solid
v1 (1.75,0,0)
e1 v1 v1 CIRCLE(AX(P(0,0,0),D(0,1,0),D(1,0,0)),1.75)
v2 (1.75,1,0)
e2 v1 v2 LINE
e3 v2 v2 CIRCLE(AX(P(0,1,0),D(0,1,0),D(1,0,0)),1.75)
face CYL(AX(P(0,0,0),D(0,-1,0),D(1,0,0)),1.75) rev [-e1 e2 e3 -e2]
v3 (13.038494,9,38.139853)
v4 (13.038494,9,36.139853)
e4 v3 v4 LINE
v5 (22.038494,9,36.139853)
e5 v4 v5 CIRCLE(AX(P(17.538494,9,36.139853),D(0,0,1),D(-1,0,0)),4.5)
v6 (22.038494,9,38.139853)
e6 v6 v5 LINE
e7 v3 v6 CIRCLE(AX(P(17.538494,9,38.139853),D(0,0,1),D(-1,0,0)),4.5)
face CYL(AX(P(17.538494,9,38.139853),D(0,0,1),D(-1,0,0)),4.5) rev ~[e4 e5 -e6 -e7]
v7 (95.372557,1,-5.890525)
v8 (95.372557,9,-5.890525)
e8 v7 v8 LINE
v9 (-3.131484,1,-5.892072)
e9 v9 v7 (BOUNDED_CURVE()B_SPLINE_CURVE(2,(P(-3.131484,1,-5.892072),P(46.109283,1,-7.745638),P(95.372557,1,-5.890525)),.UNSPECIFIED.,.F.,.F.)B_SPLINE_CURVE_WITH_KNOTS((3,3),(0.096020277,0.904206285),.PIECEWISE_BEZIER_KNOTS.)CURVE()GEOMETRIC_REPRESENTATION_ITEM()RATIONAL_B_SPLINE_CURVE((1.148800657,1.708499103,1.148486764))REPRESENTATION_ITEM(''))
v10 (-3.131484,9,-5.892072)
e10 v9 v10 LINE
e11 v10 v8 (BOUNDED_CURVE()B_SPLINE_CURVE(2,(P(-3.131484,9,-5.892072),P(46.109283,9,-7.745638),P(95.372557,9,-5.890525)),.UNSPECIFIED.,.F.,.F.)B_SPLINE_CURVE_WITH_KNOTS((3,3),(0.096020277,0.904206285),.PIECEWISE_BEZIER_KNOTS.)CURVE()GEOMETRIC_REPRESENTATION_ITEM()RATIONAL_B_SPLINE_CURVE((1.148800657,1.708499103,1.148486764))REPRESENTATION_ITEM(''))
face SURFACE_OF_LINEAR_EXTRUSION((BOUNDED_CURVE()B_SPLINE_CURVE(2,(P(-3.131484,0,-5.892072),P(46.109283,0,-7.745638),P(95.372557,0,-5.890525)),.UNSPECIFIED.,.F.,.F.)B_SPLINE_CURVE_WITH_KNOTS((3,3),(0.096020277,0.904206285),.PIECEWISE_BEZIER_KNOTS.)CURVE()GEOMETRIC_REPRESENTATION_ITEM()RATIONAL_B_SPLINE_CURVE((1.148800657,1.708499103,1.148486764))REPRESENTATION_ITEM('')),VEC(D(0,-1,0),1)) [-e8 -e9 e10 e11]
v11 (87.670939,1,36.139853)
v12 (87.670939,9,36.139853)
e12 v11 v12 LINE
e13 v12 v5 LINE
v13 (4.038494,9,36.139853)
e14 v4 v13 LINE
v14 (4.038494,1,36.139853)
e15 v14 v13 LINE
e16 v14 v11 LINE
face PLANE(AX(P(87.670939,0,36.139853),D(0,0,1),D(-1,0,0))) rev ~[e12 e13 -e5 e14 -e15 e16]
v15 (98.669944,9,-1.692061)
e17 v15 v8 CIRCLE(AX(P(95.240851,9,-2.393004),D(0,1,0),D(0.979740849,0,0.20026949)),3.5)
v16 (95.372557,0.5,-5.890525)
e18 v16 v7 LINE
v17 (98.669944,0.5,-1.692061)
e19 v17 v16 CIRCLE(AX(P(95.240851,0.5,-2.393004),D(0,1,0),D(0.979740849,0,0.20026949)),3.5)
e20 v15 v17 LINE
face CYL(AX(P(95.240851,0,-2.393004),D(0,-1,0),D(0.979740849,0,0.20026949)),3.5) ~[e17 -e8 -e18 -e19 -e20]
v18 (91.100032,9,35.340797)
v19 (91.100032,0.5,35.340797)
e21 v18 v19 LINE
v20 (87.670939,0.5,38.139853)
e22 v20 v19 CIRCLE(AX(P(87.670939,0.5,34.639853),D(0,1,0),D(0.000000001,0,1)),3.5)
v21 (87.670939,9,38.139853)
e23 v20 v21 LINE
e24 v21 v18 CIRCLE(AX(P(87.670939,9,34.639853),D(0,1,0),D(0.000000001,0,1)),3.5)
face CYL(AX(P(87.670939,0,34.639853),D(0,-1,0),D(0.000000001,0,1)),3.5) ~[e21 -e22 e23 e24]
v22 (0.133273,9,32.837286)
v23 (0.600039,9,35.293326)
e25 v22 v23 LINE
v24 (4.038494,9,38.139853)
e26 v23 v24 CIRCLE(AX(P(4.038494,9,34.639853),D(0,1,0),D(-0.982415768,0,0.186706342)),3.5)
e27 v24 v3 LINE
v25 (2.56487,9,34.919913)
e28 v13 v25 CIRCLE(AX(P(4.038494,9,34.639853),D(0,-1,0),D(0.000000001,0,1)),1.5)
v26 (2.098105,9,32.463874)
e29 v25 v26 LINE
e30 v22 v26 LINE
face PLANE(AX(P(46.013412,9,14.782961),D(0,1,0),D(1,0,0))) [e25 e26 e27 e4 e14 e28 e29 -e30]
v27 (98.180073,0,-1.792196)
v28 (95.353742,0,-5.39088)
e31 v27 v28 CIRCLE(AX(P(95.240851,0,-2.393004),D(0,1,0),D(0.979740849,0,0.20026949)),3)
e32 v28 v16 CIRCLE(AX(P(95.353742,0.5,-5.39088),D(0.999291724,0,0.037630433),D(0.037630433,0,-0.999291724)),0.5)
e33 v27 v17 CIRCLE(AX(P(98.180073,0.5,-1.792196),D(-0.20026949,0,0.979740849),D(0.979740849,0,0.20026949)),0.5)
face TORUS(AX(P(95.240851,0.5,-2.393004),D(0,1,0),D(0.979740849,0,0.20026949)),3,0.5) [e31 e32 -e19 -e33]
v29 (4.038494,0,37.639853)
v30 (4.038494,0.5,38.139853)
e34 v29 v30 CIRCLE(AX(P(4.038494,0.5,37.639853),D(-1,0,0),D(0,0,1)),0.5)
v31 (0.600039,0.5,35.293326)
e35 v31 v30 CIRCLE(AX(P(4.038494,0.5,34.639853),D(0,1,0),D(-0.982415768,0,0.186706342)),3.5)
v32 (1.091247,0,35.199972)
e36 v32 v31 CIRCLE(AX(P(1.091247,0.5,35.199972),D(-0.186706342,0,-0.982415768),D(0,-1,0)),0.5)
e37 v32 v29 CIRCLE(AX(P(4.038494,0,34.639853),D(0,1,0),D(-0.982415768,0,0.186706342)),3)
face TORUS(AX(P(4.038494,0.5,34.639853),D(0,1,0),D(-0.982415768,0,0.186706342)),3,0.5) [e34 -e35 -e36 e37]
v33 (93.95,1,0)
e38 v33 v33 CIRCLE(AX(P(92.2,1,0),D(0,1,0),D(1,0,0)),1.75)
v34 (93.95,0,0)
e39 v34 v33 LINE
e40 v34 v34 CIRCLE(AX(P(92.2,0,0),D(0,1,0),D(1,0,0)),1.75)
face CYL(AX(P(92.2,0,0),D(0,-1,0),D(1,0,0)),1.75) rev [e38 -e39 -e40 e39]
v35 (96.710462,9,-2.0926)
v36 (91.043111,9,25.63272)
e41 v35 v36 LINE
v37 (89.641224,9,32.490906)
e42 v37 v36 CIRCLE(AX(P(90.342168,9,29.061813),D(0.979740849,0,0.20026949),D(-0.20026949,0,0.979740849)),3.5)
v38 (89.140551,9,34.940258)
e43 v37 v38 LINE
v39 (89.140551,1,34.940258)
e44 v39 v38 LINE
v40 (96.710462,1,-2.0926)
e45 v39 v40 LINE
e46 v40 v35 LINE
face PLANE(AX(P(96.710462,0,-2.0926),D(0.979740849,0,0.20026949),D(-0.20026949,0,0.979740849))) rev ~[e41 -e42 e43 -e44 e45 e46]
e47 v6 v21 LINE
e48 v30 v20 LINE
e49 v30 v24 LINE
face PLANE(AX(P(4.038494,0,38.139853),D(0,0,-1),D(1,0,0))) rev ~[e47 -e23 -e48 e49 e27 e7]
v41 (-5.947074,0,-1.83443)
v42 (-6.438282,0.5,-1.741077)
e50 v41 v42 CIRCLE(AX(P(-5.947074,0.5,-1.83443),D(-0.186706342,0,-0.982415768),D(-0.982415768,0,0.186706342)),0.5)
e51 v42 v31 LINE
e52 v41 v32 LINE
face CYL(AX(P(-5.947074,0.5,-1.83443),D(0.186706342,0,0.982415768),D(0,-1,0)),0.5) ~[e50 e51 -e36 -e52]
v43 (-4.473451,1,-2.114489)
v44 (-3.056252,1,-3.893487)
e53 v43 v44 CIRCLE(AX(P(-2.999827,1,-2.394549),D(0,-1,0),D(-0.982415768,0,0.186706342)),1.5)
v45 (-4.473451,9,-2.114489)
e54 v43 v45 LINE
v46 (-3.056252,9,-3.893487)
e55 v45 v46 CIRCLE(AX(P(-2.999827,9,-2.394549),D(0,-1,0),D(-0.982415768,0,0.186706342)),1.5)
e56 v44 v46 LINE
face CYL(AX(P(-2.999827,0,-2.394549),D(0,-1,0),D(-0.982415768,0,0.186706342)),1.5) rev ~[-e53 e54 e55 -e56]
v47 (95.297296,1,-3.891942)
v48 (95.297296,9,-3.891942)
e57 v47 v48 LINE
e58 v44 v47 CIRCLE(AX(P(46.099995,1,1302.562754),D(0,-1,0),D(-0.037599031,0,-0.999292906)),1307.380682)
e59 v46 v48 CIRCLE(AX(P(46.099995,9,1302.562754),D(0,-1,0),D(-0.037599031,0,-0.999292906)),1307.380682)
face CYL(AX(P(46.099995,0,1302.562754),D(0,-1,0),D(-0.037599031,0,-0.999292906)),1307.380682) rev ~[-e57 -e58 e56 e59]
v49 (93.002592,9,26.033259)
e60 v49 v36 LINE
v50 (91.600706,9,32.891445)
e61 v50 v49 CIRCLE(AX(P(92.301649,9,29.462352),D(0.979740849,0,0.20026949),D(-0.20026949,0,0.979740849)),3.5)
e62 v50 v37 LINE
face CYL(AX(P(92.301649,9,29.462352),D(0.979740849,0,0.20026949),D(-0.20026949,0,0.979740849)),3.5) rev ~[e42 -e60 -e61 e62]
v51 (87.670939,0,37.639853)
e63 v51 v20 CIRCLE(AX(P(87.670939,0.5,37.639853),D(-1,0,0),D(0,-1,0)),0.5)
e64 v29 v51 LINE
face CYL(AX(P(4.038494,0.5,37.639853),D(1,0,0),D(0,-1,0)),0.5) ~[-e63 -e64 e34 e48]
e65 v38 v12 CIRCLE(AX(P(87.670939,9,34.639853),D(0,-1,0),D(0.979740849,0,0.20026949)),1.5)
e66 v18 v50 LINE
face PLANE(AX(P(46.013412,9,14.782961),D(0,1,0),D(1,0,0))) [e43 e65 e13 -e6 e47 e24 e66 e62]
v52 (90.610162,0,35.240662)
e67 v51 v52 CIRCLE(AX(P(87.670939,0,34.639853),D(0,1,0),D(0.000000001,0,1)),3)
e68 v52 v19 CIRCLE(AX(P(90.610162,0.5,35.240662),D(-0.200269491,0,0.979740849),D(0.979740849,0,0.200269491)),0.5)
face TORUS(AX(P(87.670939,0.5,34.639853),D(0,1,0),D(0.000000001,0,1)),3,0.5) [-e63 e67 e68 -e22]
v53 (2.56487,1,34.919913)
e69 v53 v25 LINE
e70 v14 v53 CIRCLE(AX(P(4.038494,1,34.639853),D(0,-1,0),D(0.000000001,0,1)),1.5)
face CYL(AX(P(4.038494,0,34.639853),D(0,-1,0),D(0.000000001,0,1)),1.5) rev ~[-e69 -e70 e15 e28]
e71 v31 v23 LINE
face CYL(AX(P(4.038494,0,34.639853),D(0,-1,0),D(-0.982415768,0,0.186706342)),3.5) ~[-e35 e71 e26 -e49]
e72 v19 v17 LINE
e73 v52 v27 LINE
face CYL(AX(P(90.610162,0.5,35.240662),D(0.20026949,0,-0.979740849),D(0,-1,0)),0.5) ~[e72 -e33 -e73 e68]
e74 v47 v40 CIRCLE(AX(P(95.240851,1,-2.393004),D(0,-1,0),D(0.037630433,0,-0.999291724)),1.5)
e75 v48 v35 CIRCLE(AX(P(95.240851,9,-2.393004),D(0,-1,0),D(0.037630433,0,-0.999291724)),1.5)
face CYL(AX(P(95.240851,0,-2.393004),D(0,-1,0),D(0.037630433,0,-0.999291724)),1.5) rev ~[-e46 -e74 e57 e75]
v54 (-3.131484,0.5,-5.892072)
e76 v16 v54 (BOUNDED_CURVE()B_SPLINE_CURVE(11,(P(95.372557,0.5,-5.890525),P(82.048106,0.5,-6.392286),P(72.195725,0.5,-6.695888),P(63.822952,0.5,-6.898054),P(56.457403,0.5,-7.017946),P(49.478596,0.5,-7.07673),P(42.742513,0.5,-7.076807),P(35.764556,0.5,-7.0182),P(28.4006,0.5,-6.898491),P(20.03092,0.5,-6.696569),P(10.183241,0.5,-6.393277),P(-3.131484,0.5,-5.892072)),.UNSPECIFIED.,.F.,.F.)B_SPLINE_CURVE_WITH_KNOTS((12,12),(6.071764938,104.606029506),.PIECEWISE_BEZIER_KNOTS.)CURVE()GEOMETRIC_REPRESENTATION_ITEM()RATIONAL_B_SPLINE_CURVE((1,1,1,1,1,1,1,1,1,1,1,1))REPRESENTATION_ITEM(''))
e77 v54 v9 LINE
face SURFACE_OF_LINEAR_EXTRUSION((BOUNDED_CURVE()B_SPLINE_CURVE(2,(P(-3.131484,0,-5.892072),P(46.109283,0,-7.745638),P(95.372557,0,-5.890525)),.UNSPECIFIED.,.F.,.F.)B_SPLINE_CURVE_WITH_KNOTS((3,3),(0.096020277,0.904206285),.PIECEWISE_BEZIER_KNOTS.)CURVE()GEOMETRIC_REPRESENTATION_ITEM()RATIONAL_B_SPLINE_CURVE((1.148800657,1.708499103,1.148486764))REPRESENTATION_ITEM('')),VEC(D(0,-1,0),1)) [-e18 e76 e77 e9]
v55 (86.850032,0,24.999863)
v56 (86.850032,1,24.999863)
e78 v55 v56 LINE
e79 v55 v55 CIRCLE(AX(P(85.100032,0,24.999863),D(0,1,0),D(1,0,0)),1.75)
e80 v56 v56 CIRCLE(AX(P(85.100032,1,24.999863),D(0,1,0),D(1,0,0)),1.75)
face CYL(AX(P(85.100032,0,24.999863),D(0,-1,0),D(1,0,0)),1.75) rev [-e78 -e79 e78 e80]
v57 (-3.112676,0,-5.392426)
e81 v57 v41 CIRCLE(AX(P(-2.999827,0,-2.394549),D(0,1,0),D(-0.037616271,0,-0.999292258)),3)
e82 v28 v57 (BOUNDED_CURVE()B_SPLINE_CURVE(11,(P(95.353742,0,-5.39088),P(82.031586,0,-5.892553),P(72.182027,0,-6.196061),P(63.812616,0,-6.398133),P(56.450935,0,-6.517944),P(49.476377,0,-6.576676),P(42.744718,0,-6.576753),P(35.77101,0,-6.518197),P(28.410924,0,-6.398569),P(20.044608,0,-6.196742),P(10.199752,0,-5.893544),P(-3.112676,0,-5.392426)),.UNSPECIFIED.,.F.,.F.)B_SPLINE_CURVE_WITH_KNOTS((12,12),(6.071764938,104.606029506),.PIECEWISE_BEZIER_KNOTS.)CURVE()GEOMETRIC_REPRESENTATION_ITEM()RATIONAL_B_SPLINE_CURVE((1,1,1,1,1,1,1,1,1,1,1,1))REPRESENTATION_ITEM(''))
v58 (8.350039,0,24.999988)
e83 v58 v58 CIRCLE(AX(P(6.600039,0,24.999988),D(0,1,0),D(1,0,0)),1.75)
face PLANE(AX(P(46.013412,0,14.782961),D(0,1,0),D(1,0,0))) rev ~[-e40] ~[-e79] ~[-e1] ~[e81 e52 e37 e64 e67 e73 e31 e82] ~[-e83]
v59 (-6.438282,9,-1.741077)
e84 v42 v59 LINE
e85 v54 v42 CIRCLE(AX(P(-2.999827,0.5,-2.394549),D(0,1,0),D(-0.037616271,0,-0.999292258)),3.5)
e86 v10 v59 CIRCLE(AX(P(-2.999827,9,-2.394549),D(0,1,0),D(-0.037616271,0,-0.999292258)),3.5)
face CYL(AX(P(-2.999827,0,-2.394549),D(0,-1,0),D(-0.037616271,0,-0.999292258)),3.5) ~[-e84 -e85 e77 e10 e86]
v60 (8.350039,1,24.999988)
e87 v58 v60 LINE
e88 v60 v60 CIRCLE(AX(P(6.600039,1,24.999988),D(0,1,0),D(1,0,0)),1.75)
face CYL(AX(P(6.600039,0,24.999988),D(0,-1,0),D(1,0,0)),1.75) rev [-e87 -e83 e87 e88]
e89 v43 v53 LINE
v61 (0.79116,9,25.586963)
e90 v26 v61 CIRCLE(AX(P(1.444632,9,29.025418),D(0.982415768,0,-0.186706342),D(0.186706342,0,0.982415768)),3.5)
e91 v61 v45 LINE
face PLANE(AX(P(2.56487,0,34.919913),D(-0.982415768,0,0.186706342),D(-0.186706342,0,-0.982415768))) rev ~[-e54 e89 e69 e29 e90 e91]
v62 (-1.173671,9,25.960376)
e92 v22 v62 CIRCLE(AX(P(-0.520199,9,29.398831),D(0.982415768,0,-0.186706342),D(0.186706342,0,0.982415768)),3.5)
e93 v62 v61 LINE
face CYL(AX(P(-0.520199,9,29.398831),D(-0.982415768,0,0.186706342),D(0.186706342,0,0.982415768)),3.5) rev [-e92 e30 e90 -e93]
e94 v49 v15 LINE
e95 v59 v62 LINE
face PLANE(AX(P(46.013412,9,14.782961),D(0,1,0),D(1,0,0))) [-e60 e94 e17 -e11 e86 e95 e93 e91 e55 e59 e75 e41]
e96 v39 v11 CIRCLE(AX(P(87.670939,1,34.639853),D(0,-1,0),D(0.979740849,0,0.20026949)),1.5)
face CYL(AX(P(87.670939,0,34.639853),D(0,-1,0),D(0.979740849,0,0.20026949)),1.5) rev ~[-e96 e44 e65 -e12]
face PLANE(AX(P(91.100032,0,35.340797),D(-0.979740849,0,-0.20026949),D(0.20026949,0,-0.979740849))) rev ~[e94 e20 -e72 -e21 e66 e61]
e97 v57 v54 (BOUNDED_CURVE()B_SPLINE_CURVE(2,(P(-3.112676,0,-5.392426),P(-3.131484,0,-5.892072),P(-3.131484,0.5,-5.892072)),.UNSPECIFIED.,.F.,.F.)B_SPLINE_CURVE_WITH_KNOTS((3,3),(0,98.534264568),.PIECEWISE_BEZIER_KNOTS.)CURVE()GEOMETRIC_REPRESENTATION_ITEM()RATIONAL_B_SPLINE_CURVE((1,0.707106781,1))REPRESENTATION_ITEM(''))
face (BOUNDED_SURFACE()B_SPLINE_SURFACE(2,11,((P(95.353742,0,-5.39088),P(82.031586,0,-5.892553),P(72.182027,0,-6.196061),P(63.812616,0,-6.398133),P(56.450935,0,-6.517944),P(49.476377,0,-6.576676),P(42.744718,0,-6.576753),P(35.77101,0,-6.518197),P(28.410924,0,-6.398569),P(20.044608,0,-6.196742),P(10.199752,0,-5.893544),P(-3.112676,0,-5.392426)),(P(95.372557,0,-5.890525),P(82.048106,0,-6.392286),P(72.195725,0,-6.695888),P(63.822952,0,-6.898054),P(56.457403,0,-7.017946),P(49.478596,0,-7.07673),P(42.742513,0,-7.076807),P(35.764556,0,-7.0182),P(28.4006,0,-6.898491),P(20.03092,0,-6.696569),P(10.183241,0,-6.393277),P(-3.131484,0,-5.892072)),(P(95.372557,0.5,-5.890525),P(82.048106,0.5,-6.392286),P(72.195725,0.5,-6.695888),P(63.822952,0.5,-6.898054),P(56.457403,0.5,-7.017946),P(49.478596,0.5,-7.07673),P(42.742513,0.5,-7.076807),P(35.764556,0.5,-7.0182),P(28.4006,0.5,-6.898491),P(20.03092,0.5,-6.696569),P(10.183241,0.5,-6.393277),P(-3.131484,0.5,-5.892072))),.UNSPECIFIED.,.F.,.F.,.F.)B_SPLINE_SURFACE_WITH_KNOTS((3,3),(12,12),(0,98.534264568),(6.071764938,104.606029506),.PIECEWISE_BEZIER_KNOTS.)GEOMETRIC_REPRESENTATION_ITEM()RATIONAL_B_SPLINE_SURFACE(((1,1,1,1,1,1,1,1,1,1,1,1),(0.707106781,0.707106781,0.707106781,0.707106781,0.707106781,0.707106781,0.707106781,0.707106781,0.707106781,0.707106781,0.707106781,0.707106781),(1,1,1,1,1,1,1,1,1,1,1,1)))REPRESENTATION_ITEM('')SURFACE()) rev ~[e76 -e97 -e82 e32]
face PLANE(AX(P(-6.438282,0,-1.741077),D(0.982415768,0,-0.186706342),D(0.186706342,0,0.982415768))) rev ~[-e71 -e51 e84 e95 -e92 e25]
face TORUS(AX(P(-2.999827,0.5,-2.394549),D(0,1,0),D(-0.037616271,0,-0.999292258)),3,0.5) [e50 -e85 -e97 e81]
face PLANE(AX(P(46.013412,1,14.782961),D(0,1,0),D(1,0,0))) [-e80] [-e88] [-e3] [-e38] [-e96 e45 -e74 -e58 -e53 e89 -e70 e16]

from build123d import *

# Parameters (mm, degrees)
SKETCH1_R           = 1.75
BOSS_EXTRUDE1_DEPTH = 1
BOSS_EXTRUDE2_DEPTH = 9
CUT_EXTRUDE2_DEPTH  = 2
CUT_EXTRUDE3_DEPTH  = 7
FILLET1_R           = 0.5
CUT_EXTRUDE4_DEPTH  = 2


with BuildPart() as part:
    # Sketch1 → Boss-Extrude1 (new body)
    with BuildSketch(Plane(origin=(0, 0, 0), x_dir=(1, 0, 0), z_dir=(0, 1, 0))):
        with BuildLine():
            ThreePointArc((-3.131484069, 5.892071798), (-5.737365292, 4.575348005), (-6.438282309, 1.7410767))
            Line((-6.438282309, 1.7410767), (0.60003894, -35.29332564))
            ThreePointArc((0.60003894, -35.29332564), (1.806583814, -37.335883181), (4.03849413, -38.139853444))
            Line((4.03849413, -38.139853444), (87.670939293, -38.139853444))
            ThreePointArc((87.670939293, -38.139853444), (89.884160785, -37.35124619), (91.100032265, -35.340796659))
            Line((91.100032265, -35.340796659), (98.669943789, 1.692061139))
            ThreePointArc((98.669943789, 1.692061139), (97.993413035, 4.554809441), (95.372557333, 5.890525389))
            add(Edge.make_bspline(
                [(-3.131484069, 5.892071798), (46.109282616, 7.745637681), (95.372557333, 5.890525389)],
                knots=[0.096020277, 0.096020277, 0.096020277, 0.904206285, 0.904206285, 0.904206285], degree=2, weights=[1.148800657, 1.708499103, 1.148486764]))
        make_face()
        with Locations((6.60003894, -24.999988489)):
            Circle(SKETCH1_R, mode=Mode.SUBTRACT)
        with Locations((85.100032265, -24.999862922)):
            Circle(SKETCH1_R, mode=Mode.SUBTRACT)
        Circle(SKETCH1_R, mode=Mode.SUBTRACT)
        with Locations((92.2, 0)):
            Circle(SKETCH1_R, mode=Mode.SUBTRACT)
    extrude(amount=BOSS_EXTRUDE1_DEPTH)

    # Sketch1<5> → Boss-Extrude2 (add)
    with BuildSketch(Plane(origin=(0, 0, 0), x_dir=(1, 0, 0), z_dir=(0, 1, 0))):
        with BuildLine():
            ThreePointArc((-3.131484069, 5.892071798), (-5.737365292, 4.575348005), (-6.438282309, 1.7410767))
            Line((-6.438282309, 1.7410767), (0.60003894, -35.29332564))
            ThreePointArc((0.60003894, -35.29332564), (1.806583814, -37.335883181), (4.03849413, -38.139853444))
            Line((4.03849413, -38.139853444), (87.670939293, -38.139853444))
            ThreePointArc((87.670939293, -38.139853444), (89.884160785, -37.35124619), (91.100032265, -35.340796659))
            Line((91.100032265, -35.340796659), (98.669943789, 1.692061139))
            ThreePointArc((98.669943789, 1.692061139), (97.993413035, 4.554809441), (95.372557333, 5.890525389))
            add(Edge.make_bspline(
                [(-3.131484069, 5.892071798), (46.109282616, 7.745637681), (95.372557333, 5.890525389)],
                knots=[0.096020277, 0.096020277, 0.096020277, 0.904206285, 0.904206285, 0.904206285], degree=2, weights=[1.148800657, 1.708499103, 1.148486764]))
        make_face()
        with BuildLine():
            ThreePointArc((95.297296467, 3.89194194), (96.420520339, 3.319492248), (96.710462091, 2.092600119))
            Line((96.710462091, 2.092600119), (89.140550566, -34.940257679))
            ThreePointArc((89.140550566, -34.940257679), (88.619462789, -35.801878907), (87.670939293, -36.139853444))
            Line((87.670939293, -36.139853444), (4.03849413, -36.139853444))
            ThreePointArc((4.03849413, -36.139853444), (3.081961137, -35.79529476), (2.564870477, -34.919912956))
            Line((2.564870477, -34.919912956), (-4.473450772, 2.114489384))
            ThreePointArc((-4.473450772, 2.114489384), (-4.173057765, 3.329177086), (-3.056251526, 3.893487283))
            ThreePointArc((-3.056251526, 3.893487283), (46.120537007, 4.817927579), (95.297296467, 3.89194194))
        make_face(mode=Mode.SUBTRACT)
    extrude(amount=BOSS_EXTRUDE2_DEPTH)

    # Sketch2 → Cut-Extrude2 (cut)
    with BuildSketch(Plane(origin=(94.380499607, 0, 19.292381797), x_dir=(0.20026949000025768, 0, -0.9797408490897156), z_dir=(0.9797408490897156, 0, 0.20026949000025768))):
        with BuildLine():
            Line((-6.880265125, 9), (-13.880265125, 9))
            ThreePointArc((-13.880265125, 9), (-10.380265125, 5.5), (-6.880265125, 9))
        make_face()
    extrude(amount=-CUT_EXTRUDE2_DEPTH, mode=Mode.SUBTRACT)

    # Sketch3 → Cut-Extrude3 (cut)
    with BuildSketch(Plane.XY.offset(38.139853444)):
        with BuildLine():
            Line((22.03849413, 9), (13.03849413, 9))
            ThreePointArc((13.03849413, 9), (17.53849413, 4.5), (22.03849413, 9))
        make_face()
    extrude(amount=-CUT_EXTRUDE3_DEPTH, mode=Mode.SUBTRACT)

    # Fillet1
    fillet1_edges = [part.edges().sort_by_distance(p)[0] for p in [
        (45.854716711, 0, 38.139853444),
        (89.884160785, 0, 37.35124619),
        (94.884988027, 0, 16.82436776),
        (97.993413035, 0, -4.554809441),
        (46.120186786, 0, -7.000146325),
        (-5.737365292, 0, -4.575348005),
        (-2.919121684, 0, 16.77612447),
        (1.806583814, 0, 37.335883181),
    ]]
    fillet(fillet1_edges, radius=FILLET1_R)

    # Sketch4 → Cut-Extrude4 (cut)
    with BuildSketch(Plane(origin=(-5.89449461, 0, 1.12023805), x_dir=(0.1867063417029029, 0, 0.9824157683831826), z_dir=(-0.9824157683831826, 0, 0.1867063417029029))):
        with BuildLine():
            Line((25.284750703, 9), (32.284750703, 9))
            ThreePointArc((32.284750703, 9), (28.784750703, 5.5), (25.284750703, 9))
        make_face()
    extrude(amount=-CUT_EXTRUDE4_DEPTH, mode=Mode.SUBTRACT)


solid = part.part
